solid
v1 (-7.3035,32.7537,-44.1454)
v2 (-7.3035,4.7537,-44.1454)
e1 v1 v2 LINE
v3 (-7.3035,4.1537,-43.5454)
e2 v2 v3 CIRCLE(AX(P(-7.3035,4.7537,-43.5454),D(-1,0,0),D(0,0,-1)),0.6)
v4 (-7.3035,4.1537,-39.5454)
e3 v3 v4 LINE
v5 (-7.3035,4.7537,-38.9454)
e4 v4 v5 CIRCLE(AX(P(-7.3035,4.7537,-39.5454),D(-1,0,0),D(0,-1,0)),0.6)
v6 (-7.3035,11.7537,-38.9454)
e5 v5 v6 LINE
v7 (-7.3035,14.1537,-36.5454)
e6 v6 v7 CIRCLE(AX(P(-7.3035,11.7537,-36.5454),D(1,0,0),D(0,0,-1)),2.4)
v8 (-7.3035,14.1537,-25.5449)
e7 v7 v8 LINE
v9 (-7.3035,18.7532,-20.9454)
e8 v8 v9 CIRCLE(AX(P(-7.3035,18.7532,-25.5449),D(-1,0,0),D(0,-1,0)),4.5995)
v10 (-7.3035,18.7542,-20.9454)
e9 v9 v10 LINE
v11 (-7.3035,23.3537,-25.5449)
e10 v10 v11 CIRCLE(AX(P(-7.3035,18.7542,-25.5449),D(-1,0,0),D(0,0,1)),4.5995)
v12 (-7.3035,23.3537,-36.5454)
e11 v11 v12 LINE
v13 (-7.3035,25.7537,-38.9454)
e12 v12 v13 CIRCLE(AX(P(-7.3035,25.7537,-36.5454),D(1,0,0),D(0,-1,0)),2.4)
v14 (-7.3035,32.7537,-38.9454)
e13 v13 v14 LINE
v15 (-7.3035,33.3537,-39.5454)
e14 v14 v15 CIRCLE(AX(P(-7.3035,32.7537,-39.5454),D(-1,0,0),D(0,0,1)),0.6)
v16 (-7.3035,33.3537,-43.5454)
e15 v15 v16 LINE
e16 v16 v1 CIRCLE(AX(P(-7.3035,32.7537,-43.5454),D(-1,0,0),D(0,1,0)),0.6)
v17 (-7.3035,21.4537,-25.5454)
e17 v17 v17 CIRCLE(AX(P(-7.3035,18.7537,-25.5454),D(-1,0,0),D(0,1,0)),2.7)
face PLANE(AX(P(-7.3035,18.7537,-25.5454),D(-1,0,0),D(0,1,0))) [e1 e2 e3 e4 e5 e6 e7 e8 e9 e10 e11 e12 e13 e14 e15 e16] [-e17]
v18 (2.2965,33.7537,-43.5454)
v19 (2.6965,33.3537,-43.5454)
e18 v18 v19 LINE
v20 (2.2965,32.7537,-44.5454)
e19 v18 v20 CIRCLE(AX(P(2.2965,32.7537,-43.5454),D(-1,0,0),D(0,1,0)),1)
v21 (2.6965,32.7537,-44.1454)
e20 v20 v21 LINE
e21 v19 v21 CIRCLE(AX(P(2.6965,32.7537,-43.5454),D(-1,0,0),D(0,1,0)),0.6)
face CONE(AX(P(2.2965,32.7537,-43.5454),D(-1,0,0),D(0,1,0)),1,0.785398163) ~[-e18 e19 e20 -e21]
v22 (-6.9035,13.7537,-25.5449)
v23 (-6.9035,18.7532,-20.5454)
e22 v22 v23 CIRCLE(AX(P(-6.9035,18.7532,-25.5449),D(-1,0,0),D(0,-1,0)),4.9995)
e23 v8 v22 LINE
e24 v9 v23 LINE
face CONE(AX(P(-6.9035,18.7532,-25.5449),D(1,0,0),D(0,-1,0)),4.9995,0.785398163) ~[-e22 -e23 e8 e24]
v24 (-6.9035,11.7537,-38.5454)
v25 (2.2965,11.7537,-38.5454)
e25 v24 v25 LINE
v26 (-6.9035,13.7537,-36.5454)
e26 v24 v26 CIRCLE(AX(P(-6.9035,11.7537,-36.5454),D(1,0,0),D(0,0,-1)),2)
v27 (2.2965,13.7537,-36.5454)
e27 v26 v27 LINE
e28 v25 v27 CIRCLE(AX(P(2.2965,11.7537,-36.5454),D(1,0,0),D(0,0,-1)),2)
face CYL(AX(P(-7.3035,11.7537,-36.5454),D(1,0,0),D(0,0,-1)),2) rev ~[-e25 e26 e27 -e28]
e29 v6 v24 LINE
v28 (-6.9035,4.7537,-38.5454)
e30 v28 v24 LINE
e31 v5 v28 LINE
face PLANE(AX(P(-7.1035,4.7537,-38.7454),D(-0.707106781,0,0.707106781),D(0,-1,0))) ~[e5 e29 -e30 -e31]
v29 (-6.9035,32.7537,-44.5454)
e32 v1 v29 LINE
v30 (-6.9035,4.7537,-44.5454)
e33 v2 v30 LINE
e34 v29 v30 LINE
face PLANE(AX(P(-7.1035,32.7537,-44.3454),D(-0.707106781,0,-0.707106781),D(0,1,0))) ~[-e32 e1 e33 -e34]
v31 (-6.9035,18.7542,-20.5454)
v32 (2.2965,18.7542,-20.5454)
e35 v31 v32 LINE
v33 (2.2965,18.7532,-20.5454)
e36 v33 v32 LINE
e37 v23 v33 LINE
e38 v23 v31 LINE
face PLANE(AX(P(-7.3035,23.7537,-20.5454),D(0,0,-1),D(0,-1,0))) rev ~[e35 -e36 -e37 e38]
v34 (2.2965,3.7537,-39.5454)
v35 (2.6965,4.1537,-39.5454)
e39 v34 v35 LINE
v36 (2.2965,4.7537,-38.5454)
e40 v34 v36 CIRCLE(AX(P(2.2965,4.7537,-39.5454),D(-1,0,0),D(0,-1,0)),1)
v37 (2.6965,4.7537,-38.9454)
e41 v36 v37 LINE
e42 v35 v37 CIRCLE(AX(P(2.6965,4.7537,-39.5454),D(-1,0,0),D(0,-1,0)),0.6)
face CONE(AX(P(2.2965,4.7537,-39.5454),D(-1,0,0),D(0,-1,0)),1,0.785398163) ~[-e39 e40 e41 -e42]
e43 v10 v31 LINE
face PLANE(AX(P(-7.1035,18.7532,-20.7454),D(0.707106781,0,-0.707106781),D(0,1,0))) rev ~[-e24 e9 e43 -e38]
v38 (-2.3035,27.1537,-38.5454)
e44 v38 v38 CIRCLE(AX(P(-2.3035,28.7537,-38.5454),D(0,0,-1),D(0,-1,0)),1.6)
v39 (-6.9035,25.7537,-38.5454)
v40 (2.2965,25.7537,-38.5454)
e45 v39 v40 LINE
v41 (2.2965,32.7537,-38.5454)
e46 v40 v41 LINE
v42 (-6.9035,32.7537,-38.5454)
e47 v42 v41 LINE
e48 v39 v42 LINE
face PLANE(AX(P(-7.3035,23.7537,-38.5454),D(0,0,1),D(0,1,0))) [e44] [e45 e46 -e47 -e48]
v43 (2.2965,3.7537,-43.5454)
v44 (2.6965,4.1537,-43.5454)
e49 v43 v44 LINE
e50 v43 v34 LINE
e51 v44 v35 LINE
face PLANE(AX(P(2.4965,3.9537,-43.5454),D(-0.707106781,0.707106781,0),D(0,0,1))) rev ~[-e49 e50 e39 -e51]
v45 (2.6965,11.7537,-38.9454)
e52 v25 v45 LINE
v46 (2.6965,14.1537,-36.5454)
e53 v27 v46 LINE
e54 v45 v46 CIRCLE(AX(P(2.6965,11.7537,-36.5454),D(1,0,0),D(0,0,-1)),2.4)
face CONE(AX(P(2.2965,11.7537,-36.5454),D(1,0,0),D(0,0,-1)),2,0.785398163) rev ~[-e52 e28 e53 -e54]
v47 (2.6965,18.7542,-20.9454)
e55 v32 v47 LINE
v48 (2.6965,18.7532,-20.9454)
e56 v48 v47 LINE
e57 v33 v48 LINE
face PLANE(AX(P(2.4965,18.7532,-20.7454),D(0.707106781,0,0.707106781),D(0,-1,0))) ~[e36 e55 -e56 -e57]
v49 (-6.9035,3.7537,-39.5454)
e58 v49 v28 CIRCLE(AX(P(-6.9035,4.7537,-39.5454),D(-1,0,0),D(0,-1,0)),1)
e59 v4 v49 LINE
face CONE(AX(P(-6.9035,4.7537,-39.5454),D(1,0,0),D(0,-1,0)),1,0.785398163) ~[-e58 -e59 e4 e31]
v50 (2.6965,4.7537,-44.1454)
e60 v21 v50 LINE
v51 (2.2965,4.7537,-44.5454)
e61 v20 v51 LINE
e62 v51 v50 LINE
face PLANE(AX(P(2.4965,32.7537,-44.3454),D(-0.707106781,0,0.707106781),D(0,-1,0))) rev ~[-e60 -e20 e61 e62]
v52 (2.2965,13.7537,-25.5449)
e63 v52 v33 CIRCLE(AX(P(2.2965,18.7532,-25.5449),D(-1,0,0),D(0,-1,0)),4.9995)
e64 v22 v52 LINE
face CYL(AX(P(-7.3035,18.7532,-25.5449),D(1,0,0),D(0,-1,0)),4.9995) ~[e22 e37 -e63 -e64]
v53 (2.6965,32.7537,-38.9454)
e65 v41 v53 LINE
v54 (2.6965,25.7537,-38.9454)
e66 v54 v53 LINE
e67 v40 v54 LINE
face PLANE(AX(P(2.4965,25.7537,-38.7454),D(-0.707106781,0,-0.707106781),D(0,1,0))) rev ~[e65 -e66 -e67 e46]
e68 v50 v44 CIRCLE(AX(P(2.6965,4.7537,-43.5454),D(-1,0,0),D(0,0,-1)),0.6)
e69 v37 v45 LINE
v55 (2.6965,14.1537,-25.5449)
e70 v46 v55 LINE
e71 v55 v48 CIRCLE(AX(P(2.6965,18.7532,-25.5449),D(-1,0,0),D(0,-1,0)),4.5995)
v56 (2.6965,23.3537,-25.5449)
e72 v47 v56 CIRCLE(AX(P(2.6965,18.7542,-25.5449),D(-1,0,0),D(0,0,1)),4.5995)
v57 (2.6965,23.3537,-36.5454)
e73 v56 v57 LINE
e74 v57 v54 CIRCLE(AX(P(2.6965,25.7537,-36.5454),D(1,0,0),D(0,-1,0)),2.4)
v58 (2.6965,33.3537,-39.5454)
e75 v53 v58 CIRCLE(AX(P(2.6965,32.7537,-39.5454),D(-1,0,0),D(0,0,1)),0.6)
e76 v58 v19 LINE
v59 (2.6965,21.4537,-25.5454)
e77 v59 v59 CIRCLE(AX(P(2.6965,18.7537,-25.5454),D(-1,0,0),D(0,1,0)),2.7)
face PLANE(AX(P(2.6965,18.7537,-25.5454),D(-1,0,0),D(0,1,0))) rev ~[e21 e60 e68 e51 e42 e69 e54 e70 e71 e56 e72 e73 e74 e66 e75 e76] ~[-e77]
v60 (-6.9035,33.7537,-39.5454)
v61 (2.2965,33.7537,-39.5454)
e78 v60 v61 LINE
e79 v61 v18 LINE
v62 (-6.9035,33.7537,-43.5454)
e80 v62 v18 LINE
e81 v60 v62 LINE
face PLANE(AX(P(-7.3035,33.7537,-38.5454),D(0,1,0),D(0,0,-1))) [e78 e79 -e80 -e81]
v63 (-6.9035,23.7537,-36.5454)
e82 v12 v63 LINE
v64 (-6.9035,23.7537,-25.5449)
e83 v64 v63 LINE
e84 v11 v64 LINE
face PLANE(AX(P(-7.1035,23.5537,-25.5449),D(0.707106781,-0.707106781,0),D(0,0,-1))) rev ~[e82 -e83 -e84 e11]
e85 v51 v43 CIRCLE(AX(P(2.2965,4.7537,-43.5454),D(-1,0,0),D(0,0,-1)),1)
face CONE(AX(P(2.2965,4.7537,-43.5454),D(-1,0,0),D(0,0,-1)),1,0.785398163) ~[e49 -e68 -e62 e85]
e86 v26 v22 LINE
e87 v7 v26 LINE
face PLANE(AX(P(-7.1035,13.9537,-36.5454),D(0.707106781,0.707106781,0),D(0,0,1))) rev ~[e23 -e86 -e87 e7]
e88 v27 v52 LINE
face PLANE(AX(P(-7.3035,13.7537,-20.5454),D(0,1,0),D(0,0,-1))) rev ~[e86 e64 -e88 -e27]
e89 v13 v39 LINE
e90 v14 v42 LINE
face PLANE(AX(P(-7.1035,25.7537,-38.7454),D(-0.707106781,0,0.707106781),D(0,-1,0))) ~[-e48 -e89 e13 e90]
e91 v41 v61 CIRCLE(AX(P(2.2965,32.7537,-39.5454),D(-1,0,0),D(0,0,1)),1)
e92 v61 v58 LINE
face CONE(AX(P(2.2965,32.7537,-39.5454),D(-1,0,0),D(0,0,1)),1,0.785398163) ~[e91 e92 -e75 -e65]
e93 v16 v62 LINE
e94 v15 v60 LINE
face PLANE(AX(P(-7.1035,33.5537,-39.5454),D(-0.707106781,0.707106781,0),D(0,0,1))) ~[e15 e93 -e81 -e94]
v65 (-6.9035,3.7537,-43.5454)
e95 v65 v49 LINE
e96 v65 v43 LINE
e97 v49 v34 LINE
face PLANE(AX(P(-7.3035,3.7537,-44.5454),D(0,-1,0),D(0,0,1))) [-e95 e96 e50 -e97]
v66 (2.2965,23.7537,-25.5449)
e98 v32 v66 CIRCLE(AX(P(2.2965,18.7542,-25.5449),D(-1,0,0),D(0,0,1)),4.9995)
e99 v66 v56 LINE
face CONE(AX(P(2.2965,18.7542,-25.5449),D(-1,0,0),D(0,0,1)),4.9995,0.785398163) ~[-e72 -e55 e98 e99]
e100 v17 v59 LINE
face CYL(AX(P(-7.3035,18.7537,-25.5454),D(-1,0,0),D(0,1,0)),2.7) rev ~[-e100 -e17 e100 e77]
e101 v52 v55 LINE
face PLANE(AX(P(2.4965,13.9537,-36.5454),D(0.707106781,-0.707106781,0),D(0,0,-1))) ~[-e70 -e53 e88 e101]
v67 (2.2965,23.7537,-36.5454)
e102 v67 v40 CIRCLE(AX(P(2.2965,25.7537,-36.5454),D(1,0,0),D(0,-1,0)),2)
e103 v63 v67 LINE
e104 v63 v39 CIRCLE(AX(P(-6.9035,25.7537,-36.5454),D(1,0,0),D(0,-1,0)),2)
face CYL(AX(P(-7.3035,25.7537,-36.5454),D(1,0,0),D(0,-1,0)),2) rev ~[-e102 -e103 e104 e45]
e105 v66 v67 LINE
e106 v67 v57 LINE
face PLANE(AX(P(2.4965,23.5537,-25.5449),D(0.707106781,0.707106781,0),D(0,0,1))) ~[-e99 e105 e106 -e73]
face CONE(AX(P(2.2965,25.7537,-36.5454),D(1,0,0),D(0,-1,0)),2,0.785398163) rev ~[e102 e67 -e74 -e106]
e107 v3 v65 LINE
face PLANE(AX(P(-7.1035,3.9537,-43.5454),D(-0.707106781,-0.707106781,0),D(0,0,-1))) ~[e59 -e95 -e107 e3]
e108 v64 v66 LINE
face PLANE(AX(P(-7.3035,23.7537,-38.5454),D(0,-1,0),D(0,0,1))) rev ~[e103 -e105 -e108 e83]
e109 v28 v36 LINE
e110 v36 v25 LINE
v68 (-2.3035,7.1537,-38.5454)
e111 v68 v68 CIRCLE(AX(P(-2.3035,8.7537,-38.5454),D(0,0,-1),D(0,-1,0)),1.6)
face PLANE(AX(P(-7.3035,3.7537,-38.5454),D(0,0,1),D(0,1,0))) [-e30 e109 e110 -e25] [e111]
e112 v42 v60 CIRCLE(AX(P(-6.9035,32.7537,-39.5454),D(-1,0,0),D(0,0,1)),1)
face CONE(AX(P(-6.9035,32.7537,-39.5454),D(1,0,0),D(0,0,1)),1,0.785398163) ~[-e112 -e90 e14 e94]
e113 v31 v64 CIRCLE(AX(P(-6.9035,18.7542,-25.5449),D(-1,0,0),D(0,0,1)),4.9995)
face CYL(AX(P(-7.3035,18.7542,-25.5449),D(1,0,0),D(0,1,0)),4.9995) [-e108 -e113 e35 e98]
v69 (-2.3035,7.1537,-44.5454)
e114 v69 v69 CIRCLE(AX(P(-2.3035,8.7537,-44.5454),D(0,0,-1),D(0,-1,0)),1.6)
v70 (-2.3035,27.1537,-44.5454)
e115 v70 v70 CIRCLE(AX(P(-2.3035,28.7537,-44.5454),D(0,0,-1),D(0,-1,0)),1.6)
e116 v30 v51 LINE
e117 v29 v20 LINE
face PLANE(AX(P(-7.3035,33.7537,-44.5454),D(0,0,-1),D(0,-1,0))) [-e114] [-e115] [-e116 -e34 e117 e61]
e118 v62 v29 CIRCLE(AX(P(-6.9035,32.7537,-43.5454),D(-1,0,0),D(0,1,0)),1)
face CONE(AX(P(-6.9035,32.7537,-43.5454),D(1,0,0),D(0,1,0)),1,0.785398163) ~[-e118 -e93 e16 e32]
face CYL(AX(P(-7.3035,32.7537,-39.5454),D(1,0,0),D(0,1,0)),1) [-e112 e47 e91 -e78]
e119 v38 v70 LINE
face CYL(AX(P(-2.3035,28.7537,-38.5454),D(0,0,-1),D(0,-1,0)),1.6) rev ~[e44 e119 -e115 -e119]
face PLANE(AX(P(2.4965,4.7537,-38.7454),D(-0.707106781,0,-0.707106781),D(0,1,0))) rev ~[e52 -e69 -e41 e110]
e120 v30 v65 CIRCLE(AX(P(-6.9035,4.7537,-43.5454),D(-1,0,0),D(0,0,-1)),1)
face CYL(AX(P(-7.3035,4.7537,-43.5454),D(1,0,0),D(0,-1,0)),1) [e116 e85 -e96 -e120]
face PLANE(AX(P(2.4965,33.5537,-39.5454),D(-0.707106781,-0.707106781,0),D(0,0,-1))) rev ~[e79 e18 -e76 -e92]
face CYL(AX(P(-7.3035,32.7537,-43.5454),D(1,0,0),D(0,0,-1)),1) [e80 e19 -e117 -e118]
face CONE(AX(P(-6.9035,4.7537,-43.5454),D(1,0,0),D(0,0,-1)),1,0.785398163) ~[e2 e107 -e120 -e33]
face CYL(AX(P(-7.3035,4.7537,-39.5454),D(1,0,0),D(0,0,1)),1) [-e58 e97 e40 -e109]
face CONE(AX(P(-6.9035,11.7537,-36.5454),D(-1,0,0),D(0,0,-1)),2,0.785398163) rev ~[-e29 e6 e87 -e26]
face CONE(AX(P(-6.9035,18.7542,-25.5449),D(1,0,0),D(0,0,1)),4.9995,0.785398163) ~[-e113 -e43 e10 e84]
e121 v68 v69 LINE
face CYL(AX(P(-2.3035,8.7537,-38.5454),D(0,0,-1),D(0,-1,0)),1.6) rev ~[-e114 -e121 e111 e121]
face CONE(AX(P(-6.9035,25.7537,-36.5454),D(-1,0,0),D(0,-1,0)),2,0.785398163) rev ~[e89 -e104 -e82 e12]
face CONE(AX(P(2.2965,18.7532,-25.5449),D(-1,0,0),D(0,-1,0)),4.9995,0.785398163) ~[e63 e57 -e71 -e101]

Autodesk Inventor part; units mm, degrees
ref_plane "YZ Plane" through (0, 0, 0) normal (1, 0, 0) x (0, 1, 0)
ref_plane "XZ Plane" through (0, 0, 0) normal (0, 1, 0) x (-1, 0, 0)
ref_plane "Plano de trabajo1" through (-7.3035, 18.7537, -25.5454) normal (-1, 0, 0) x (0, 1, 0)
sketch "Boceto1" plane through (-7.3035, 18.7537, -25.5454) normal (-1, 0, 0) x (0, 1, 0)
  line L0 (40.0076, 19) -> (-60.0081, 19) construction
  line L1 (15, 19) -> (-15, 19)
  line L2 (-15, 19) -> (-15, 13)
  line L3 (-15, 13) -> (15, 13)
  line L4 (15, 13) -> (15, 19)
  line L5 (-5, 19) -> (5, 19)
  line L6 (5, 19) -> (5, -5)
  line L7 (5, -5) -> (-5, -5)
  line L8 (-5, -5) -> (-5, 19)
  arc A0 (-1.0724, -0.9) -> (-0.9, -1.0724) centre (0, 0) ccw construction
  circle A1 centre (0, 0) radius 2.7
  point P0 (-18.7537, -25.5454)
  point P1 (0, 19)
  point P2 (0, -5)
  point P3 (-5, 13)
  point P4 (5, 13)
  dimension "d0" = 6
  dimension "d1" = 30
  dimension "d2" = 5.4
  dimension "d3" = 0
  dimension "d4" = 0
  dimension "d5" = 10
  dimension "d6" = 5
extrude "Extrusión1" add sketch "Boceto1" against normal blind 10
sketch "Boceto2" plane through (-7.3035, 23.7537, -38.5454) normal (0, 0, 1) x (1, 0, 0)
  line L0 (0, 0) -> (10, 0) construction
  line L1 (0, 0) -> (0, 10) construction
  line L2 (0, -20) -> (0, -10) construction
  line L3 (0, -10) -> (10, -10) construction
  point P0 (7.3035, -23.7537)
  point P1 (5, 5)
  point P2 (5, -15)
  point P3 (5, 0)
  point P4 (5, -10)
  dimension "d9" = 5
  dimension "d10" = 5
  dimension "d11" = 5
  dimension "d12" = 5
hole "Agujero1" at (-2.3035, 28.7537, -38.5454) at (-2.3035, 8.7537, -38.5454) direction (0, 0, -1) diameter 3.2 end through all
fillet "Empalme1" radius 5 2 edges at (-2.3035, 23.7537, -20.5454) (-2.3035, 13.7537, -20.5454)
fillet "Empalme2" radius 1 4 edges at (-2.3035, 33.7537, -38.5454) (-2.3035, 3.7537, -38.5454) (-2.3035, 33.7537, -44.5454) (-2.3035, 3.7537, -44.5454)
fillet "Empalme3" radius 2 2 edges at (-2.3035, 23.7537, -38.5454) (-2.3035, 13.7537, -38.5454)
chamfer "Chaflán1" distance 0.4 angle 45 24 edges at (-7.3035, 29.2537, -38.5454) (-7.3035, 33.4608, -38.8383) (-7.3035, 33.7537, -41.5454) (-7.3035, 33.4608, -44.2525) (-7.3035, 18.7537, -44.5454) (-7.3035, 4.0466, -44.2525) (-7.3035, 3.7537, -41.5454) (-7.3035, 4.0466, -38.8383) (-7.3035, 8.2537, -38.5454) (-7.3035, 13.7537, -31.0451) (-7.3035, 22.2894, -22.0097) (-7.3035, 23.7537, -31.0451) (2.6965, 29.2537, -38.5454) (2.6965, 23.7537, -31.0451) (2.6965, 22.2894, -22.0097) (2.6965, 13.7537, -31.0451) (2.6965, 8.2537, -38.5454) (2.6965, 4.0466, -38.8383) (2.6965, 3.7537, -41.5454) (2.6965, 4.0466, -44.2525) (2.6965, 18.7537, -44.5454) (2.6965, 33.4608, -44.2525) (2.6965, 33.7537, -41.5454) (2.6965, 33.4608, -38.8383)
properties part number "SoporteEjeMotor"
